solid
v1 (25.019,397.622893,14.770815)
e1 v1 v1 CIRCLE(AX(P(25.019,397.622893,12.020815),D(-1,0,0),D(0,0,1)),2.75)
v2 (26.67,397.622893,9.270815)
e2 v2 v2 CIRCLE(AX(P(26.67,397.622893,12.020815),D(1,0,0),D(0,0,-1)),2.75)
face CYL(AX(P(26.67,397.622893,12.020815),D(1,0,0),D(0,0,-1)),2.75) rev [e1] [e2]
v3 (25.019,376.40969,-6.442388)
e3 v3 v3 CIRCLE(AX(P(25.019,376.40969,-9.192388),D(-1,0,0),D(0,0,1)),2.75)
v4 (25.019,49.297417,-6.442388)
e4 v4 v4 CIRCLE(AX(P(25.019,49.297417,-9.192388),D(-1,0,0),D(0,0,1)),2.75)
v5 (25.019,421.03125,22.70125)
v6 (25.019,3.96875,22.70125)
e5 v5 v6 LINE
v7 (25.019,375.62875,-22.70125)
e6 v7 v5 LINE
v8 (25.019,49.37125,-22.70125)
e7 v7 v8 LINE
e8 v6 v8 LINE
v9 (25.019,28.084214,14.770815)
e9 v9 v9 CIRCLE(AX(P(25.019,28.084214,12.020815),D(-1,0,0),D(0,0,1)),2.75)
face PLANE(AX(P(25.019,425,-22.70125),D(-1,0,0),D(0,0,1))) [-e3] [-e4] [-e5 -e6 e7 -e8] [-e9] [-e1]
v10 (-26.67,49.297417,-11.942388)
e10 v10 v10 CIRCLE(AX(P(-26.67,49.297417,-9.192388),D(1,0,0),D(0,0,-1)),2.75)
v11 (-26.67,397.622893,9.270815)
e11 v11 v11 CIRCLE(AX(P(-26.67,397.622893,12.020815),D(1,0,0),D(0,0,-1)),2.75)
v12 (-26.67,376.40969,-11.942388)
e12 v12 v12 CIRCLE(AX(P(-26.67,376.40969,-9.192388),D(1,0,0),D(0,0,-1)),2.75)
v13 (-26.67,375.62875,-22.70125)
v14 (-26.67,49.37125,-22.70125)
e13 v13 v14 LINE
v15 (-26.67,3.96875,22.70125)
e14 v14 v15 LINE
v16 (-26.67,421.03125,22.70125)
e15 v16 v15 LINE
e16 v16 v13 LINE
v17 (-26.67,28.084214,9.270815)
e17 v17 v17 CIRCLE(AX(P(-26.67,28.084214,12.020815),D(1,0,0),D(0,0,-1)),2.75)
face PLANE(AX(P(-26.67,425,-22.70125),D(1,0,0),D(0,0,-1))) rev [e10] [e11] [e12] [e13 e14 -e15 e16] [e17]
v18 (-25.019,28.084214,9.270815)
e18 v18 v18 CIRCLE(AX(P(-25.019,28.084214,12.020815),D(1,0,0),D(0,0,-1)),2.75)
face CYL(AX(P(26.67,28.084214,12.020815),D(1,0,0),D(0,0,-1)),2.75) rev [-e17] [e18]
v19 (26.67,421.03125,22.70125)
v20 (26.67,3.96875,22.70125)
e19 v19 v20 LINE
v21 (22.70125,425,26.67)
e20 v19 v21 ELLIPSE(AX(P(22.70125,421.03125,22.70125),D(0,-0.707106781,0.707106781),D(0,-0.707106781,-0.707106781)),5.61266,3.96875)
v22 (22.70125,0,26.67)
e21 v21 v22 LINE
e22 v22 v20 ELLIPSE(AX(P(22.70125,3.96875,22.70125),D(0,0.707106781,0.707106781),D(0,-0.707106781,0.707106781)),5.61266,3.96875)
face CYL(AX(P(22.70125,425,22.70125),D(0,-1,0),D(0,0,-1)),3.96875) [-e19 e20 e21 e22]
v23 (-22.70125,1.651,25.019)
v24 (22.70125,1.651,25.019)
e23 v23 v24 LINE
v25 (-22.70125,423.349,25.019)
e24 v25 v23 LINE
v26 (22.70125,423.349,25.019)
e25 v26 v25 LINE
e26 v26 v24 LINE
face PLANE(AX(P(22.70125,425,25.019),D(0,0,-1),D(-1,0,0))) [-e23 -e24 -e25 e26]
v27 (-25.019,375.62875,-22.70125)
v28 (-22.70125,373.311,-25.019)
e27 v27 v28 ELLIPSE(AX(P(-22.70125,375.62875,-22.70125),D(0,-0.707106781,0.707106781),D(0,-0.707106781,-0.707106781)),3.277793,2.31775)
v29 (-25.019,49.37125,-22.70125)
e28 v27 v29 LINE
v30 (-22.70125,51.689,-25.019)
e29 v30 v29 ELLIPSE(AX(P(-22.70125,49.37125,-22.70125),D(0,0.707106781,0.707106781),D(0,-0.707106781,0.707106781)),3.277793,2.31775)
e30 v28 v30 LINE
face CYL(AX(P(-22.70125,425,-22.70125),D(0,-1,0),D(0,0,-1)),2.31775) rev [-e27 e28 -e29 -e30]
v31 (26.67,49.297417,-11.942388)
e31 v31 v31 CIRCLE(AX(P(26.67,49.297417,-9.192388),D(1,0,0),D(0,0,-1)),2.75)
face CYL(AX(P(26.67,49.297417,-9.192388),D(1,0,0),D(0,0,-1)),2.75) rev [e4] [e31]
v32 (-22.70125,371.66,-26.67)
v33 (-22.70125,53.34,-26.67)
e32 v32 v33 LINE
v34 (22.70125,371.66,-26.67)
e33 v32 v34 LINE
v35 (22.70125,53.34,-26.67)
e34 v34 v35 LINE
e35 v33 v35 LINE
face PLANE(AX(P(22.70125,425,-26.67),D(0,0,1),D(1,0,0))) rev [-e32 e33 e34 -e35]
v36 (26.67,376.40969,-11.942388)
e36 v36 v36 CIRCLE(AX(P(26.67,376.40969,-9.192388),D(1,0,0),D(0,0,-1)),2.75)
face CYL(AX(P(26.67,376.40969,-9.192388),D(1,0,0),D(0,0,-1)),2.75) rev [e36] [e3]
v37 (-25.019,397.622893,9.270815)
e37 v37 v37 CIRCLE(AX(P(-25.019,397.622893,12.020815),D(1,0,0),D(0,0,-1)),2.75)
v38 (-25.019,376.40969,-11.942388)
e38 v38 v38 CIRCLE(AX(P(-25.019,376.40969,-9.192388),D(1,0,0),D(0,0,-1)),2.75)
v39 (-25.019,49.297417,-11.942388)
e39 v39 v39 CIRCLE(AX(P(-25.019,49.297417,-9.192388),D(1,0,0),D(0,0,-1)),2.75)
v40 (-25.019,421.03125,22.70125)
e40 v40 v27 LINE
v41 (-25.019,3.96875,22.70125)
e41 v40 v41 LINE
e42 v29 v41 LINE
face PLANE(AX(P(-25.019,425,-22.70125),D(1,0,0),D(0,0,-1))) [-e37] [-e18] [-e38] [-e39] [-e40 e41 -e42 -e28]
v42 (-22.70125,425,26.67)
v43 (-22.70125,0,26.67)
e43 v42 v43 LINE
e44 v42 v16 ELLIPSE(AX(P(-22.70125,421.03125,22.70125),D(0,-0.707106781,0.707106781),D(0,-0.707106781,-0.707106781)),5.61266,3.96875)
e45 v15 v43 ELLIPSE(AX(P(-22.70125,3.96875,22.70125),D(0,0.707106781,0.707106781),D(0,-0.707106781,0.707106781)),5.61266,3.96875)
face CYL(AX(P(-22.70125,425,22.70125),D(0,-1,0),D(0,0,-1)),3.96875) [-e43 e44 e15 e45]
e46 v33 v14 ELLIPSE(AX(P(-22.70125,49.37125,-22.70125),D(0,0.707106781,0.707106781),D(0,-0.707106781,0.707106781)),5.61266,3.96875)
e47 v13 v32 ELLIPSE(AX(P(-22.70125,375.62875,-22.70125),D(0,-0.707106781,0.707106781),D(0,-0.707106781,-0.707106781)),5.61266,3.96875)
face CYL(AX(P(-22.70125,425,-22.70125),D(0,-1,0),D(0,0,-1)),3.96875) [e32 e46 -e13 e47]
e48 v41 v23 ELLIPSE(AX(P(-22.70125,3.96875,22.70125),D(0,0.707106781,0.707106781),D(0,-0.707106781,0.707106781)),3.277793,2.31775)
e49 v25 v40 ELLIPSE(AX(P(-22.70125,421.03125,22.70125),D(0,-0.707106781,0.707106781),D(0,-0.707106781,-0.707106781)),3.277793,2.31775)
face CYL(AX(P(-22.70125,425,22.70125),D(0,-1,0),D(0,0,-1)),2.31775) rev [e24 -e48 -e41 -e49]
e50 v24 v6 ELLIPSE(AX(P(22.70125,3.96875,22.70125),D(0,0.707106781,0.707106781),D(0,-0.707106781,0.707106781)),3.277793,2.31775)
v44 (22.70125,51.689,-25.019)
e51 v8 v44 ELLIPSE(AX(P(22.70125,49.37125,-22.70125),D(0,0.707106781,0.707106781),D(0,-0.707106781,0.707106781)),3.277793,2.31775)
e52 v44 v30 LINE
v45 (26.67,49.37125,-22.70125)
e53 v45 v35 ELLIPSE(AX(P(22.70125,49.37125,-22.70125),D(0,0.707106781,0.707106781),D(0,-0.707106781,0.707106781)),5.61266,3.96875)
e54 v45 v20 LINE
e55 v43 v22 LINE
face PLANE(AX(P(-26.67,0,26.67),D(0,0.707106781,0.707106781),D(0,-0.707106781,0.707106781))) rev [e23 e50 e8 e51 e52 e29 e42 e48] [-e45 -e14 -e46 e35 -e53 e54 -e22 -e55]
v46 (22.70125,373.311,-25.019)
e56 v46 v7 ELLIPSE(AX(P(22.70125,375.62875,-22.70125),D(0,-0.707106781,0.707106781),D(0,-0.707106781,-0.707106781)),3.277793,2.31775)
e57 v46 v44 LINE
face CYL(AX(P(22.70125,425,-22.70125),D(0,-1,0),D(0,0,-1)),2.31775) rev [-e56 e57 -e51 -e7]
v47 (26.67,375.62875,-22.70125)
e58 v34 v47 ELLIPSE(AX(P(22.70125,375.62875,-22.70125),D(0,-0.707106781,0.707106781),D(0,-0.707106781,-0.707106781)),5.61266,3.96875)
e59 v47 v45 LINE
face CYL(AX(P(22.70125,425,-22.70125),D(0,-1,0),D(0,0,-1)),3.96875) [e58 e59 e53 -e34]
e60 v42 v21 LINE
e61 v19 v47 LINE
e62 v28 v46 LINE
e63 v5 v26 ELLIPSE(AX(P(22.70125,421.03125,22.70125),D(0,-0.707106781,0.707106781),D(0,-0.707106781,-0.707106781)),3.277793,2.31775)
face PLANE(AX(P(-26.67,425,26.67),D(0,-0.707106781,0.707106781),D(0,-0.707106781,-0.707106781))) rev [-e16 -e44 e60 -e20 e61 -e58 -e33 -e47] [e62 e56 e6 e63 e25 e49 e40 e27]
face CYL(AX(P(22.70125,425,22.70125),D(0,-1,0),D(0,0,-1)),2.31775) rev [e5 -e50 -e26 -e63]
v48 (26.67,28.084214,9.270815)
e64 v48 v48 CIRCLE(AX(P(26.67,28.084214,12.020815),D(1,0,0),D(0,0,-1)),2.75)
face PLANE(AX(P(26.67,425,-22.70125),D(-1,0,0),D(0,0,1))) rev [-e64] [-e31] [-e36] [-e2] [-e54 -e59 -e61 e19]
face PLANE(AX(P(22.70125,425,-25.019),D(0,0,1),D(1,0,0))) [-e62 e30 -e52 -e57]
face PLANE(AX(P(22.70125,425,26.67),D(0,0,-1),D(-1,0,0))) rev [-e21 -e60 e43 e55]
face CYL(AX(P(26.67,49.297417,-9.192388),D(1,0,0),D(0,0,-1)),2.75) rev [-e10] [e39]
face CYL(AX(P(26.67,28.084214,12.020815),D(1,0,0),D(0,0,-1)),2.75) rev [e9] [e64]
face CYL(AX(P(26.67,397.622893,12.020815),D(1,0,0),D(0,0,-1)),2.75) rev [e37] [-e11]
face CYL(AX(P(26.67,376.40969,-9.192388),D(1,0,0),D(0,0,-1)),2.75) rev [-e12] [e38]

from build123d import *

# Parameters (mm, degrees)
STRUCTURAL_MEMBER1_DEPTH = 425
CUT_EXTRUDE1_DEPTH       = 430.163657012
M5_CLEARANCE_HOLE1_D     = 5.5


with BuildPart() as part:
    # Sketch16 → Structural Member1 (new body)
    with BuildSketch(Plane.ZX):
        with BuildLine():
            Line((-26.67, 22.70125), (-26.67, -22.70125))
            ThreePointArc((-26.67, -22.70125), (-25.507580038, -25.507580038), (-22.70125, -26.67))
            Line((-22.70125, -26.67), (22.70125, -26.67))
            ThreePointArc((22.70125, -26.67), (25.507580038, -25.507580038), (26.67, -22.70125))
            Line((26.67, -22.70125), (26.67, 22.70125))
            ThreePointArc((26.67, 22.70125), (25.507580038, 25.507580038), (22.70125, 26.67))
            Line((22.70125, 26.67), (-22.70125, 26.67))
            ThreePointArc((-22.70125, 26.67), (-25.507580038, 25.507580038), (-26.67, 22.70125))
        make_face()
        with BuildLine():
            Line((-25.019, 22.70125), (-25.019, -22.70125))
            ThreePointArc((-25.019, -22.70125), (-24.340146742, -24.340146742), (-22.70125, -25.019))
            Line((-22.70125, -25.019), (22.70125, -25.019))
            ThreePointArc((22.70125, -25.019), (24.340146742, -24.340146742), (25.019, -22.70125))
            Line((25.019, -22.70125), (25.019, 22.70125))
            ThreePointArc((25.019, 22.70125), (24.340146742, 24.340146742), (22.70125, 25.019))
            Line((22.70125, 25.019), (-22.70125, 25.019))
            ThreePointArc((-22.70125, 25.019), (-24.340146742, 24.340146742), (-25.019, 22.70125))
        make_face(mode=Mode.SUBTRACT)
    extrude(amount=STRUCTURAL_MEMBER1_DEPTH)

    # Sketch12 → Cut-Extrude1 (cut, through all)
    with BuildSketch(Plane(origin=(26.67, 0, 0), x_dir=(0, 0, -1), z_dir=(1, 0, 0))):
        Polygon((-26.67, 425), (26.67, 371.66), (26.67, 425), align=None)
        Polygon((26.67, 0), (-26.67, 0), (26.67, 53.34), align=None)
    extrude(amount=-CUT_EXTRUDE1_DEPTH, mode=Mode.SUBTRACT)

    # M5 Clearance Hole1 (through all)
    with Locations(Plane(origin=(26.67, 0, 0), x_dir=(0, 0, -1), z_dir=(1, 0, 0))):
        with Locations((-12.02081528, 397.622893219), (9.192388155, 376.409689783), (-12.02081528, 28.084213562), (9.192388155, 49.297416998)):
            Hole(M5_CLEARANCE_HOLE1_D / 2)


solid = part.part
